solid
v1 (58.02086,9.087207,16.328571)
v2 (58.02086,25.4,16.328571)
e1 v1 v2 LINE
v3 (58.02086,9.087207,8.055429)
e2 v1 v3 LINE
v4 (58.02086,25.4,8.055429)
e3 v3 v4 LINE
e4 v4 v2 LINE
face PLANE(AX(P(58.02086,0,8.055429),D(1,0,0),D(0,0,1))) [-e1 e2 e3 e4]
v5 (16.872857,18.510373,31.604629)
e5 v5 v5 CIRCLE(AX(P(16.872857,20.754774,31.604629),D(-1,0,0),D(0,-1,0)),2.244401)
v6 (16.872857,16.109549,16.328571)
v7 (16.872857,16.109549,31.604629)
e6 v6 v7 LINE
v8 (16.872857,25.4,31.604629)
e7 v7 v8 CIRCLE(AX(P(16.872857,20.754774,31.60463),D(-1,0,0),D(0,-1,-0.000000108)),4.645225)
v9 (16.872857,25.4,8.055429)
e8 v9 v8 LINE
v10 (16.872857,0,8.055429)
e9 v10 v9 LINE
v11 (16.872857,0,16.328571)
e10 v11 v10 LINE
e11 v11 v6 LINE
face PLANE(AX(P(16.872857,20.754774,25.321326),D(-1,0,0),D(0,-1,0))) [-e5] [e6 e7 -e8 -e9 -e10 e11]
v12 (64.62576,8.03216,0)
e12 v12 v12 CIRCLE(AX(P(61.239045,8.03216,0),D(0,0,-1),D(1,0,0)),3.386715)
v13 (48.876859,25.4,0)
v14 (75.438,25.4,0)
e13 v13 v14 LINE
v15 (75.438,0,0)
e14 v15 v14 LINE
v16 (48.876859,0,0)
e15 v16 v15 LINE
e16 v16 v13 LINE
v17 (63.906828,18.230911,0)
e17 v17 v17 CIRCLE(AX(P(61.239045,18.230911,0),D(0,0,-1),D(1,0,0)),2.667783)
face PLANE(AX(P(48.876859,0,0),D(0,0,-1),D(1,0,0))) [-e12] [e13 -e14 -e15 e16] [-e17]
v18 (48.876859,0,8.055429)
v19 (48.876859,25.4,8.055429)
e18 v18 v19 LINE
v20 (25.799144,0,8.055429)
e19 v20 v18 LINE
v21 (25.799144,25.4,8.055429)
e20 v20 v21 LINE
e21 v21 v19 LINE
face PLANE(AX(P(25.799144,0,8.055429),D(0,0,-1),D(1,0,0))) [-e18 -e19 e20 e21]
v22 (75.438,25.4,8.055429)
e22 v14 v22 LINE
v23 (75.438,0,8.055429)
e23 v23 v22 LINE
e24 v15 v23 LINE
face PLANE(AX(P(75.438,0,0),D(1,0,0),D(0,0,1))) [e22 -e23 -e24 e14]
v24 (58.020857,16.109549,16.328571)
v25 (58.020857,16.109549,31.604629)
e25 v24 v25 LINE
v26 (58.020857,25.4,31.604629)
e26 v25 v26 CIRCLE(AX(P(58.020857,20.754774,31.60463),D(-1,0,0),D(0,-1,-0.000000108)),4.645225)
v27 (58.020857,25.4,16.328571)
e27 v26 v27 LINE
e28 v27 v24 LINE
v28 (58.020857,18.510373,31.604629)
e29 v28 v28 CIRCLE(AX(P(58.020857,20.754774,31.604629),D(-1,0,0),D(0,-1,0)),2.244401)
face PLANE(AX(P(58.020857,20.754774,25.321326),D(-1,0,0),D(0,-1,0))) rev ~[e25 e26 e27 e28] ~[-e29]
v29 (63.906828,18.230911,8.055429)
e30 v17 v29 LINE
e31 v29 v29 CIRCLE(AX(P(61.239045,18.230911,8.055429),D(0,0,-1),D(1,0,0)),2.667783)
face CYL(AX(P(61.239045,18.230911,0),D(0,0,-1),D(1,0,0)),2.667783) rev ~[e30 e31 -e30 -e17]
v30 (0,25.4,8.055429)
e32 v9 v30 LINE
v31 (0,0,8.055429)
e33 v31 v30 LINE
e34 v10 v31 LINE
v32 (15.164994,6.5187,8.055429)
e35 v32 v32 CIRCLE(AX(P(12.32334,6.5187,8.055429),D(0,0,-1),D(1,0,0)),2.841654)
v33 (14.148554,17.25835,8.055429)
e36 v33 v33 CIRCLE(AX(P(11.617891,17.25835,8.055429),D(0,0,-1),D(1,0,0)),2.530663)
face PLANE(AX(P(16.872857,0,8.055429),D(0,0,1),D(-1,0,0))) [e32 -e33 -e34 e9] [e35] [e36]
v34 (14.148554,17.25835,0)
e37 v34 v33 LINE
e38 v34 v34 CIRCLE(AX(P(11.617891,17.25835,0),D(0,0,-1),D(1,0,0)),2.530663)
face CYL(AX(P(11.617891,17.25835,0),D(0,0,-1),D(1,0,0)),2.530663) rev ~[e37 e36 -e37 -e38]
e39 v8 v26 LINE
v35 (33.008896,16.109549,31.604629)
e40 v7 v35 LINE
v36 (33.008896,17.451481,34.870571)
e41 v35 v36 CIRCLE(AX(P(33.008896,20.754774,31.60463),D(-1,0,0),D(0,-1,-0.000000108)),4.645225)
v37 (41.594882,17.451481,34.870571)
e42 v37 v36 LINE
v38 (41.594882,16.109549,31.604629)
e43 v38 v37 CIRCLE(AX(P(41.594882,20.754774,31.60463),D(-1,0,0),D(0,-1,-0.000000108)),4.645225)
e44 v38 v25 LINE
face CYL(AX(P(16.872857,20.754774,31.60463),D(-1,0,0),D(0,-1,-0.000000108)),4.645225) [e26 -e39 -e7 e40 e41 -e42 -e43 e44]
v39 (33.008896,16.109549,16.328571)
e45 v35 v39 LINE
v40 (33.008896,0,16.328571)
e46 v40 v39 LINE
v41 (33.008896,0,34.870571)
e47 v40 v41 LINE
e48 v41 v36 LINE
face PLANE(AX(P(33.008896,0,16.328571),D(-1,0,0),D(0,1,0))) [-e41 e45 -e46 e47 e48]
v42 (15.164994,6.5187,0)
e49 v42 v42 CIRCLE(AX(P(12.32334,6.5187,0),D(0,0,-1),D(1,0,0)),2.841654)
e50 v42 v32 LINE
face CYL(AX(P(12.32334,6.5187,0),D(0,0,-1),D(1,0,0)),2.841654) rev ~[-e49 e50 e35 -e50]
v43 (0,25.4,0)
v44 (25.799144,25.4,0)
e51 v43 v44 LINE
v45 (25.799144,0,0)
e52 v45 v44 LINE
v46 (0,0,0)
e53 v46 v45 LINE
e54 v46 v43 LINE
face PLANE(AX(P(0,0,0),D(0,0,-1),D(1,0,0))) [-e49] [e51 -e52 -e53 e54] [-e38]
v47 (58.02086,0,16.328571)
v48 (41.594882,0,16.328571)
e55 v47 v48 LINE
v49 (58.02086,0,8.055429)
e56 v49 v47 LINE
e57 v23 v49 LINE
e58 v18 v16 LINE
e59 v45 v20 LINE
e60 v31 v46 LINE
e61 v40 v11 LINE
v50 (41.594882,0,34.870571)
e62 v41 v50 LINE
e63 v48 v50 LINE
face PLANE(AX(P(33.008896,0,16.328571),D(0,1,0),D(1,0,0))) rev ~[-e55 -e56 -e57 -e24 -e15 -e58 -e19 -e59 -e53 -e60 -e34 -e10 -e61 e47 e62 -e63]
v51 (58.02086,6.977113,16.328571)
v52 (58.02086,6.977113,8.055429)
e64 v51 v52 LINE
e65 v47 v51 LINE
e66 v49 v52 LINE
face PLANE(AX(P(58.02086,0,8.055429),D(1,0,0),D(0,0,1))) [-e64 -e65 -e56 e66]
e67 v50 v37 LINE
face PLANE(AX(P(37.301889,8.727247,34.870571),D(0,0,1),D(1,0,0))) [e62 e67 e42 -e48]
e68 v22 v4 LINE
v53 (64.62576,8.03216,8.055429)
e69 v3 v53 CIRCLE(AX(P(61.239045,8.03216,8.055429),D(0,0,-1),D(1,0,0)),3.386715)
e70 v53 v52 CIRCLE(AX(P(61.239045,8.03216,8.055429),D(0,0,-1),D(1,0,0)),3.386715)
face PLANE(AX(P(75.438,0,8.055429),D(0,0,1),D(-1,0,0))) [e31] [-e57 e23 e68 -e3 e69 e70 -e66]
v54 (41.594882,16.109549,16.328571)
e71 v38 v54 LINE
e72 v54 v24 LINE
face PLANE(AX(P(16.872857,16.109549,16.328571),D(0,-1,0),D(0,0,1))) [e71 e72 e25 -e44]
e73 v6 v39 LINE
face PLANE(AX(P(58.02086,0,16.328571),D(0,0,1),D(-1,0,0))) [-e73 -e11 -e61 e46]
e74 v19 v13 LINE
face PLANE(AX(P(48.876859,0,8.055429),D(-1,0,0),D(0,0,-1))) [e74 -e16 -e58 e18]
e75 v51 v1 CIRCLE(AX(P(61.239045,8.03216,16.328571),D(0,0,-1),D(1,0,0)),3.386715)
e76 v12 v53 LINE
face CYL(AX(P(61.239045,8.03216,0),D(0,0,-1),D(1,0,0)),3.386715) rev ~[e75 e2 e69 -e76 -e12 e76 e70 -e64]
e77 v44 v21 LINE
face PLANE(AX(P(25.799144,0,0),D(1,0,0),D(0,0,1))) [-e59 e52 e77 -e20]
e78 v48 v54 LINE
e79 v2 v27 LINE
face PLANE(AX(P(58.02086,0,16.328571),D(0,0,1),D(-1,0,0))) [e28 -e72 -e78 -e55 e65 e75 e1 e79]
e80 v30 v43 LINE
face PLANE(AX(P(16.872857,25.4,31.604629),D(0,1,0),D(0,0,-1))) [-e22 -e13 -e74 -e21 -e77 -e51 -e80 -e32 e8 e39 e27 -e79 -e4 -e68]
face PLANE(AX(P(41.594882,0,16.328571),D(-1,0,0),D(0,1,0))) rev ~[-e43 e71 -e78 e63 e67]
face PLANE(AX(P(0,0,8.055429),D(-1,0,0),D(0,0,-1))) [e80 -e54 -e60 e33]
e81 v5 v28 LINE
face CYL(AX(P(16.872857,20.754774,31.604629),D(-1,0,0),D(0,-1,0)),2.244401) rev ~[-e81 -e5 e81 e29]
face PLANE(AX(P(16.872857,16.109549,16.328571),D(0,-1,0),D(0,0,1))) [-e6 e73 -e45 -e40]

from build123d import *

# Parameters (mm, degrees)
F1_DEPTH = 25.4
F2_R     = 2.841654
F2_R_2   = 2.530663
F2_R_3   = 3.386715
F2_R_4   = 2.667783
F3_DEPTH = 25.4
F4_R     = 2.244401
F5_DEPTH = 41.148
F6_W     = 8.585986
F6_H     = 17.454494
F7_DEPTH = 18.542


with BuildPart() as f1:
    # F0 (on Front) → F1 (new body)
    with BuildSketch(Plane.XZ):
        Polygon((0, 8.055429), (0, 0), (25.799144, 0), (25.799144, 8.055429), (48.876859, 8.055429), (48.876859, 0), (75.438, 0), (75.438, 8.055429), (58.02086, 8.055429), (58.02086, 16.328571), (16.872857, 16.328571), (16.872857, 8.055429), align=None)
    extrude(amount=-F1_DEPTH)

    # F2 (on face) → F3 (cut)
    with BuildSketch(Plane(origin=(0, 0, 0), x_dir=(1, 0, 0), z_dir=(0, 0, -1))):
        with Locations((12.32334, -6.5187)):
            Circle(F2_R)
        with Locations((11.617891, -17.25835)):
            Circle(F2_R_2)
        with Locations((61.239045, -8.03216)):
            Circle(F2_R_3)
        with Locations((61.239045, -18.230911)):
            Circle(F2_R_4)
    extrude(amount=-F3_DEPTH, mode=Mode.SUBTRACT)

    # F4 (on face) → F5 (join)
    with BuildSketch(Plane(origin=(16.872857, 0, 0), x_dir=(0, -1, 0), z_dir=(-1, 0, 0))):
        with BuildLine():
            Line((-25.4, 31.604629), (-25.4, 16.328571))
            Line((-25.4, 16.328571), (-16.109549, 16.328571))
            Line((-16.109549, 16.328571), (-16.109549, 31.604629))
            ThreePointArc((-16.109549, 31.604629), (-20.754774, 36.249855), (-25.4, 31.604629))
        make_face()
        with Locations((-20.754774, 31.604629)):
            Circle(F4_R, mode=Mode.SUBTRACT)
    extrude(amount=-F5_DEPTH)

    # F6 (on face) → F7 (join)
    with BuildSketch(Plane.XY.offset(16.328571)):
        with Locations((37.301889, 8.727247)):
            Rectangle(F6_W, F6_H)
    extrude(amount=F7_DEPTH)


solid = f1.part
